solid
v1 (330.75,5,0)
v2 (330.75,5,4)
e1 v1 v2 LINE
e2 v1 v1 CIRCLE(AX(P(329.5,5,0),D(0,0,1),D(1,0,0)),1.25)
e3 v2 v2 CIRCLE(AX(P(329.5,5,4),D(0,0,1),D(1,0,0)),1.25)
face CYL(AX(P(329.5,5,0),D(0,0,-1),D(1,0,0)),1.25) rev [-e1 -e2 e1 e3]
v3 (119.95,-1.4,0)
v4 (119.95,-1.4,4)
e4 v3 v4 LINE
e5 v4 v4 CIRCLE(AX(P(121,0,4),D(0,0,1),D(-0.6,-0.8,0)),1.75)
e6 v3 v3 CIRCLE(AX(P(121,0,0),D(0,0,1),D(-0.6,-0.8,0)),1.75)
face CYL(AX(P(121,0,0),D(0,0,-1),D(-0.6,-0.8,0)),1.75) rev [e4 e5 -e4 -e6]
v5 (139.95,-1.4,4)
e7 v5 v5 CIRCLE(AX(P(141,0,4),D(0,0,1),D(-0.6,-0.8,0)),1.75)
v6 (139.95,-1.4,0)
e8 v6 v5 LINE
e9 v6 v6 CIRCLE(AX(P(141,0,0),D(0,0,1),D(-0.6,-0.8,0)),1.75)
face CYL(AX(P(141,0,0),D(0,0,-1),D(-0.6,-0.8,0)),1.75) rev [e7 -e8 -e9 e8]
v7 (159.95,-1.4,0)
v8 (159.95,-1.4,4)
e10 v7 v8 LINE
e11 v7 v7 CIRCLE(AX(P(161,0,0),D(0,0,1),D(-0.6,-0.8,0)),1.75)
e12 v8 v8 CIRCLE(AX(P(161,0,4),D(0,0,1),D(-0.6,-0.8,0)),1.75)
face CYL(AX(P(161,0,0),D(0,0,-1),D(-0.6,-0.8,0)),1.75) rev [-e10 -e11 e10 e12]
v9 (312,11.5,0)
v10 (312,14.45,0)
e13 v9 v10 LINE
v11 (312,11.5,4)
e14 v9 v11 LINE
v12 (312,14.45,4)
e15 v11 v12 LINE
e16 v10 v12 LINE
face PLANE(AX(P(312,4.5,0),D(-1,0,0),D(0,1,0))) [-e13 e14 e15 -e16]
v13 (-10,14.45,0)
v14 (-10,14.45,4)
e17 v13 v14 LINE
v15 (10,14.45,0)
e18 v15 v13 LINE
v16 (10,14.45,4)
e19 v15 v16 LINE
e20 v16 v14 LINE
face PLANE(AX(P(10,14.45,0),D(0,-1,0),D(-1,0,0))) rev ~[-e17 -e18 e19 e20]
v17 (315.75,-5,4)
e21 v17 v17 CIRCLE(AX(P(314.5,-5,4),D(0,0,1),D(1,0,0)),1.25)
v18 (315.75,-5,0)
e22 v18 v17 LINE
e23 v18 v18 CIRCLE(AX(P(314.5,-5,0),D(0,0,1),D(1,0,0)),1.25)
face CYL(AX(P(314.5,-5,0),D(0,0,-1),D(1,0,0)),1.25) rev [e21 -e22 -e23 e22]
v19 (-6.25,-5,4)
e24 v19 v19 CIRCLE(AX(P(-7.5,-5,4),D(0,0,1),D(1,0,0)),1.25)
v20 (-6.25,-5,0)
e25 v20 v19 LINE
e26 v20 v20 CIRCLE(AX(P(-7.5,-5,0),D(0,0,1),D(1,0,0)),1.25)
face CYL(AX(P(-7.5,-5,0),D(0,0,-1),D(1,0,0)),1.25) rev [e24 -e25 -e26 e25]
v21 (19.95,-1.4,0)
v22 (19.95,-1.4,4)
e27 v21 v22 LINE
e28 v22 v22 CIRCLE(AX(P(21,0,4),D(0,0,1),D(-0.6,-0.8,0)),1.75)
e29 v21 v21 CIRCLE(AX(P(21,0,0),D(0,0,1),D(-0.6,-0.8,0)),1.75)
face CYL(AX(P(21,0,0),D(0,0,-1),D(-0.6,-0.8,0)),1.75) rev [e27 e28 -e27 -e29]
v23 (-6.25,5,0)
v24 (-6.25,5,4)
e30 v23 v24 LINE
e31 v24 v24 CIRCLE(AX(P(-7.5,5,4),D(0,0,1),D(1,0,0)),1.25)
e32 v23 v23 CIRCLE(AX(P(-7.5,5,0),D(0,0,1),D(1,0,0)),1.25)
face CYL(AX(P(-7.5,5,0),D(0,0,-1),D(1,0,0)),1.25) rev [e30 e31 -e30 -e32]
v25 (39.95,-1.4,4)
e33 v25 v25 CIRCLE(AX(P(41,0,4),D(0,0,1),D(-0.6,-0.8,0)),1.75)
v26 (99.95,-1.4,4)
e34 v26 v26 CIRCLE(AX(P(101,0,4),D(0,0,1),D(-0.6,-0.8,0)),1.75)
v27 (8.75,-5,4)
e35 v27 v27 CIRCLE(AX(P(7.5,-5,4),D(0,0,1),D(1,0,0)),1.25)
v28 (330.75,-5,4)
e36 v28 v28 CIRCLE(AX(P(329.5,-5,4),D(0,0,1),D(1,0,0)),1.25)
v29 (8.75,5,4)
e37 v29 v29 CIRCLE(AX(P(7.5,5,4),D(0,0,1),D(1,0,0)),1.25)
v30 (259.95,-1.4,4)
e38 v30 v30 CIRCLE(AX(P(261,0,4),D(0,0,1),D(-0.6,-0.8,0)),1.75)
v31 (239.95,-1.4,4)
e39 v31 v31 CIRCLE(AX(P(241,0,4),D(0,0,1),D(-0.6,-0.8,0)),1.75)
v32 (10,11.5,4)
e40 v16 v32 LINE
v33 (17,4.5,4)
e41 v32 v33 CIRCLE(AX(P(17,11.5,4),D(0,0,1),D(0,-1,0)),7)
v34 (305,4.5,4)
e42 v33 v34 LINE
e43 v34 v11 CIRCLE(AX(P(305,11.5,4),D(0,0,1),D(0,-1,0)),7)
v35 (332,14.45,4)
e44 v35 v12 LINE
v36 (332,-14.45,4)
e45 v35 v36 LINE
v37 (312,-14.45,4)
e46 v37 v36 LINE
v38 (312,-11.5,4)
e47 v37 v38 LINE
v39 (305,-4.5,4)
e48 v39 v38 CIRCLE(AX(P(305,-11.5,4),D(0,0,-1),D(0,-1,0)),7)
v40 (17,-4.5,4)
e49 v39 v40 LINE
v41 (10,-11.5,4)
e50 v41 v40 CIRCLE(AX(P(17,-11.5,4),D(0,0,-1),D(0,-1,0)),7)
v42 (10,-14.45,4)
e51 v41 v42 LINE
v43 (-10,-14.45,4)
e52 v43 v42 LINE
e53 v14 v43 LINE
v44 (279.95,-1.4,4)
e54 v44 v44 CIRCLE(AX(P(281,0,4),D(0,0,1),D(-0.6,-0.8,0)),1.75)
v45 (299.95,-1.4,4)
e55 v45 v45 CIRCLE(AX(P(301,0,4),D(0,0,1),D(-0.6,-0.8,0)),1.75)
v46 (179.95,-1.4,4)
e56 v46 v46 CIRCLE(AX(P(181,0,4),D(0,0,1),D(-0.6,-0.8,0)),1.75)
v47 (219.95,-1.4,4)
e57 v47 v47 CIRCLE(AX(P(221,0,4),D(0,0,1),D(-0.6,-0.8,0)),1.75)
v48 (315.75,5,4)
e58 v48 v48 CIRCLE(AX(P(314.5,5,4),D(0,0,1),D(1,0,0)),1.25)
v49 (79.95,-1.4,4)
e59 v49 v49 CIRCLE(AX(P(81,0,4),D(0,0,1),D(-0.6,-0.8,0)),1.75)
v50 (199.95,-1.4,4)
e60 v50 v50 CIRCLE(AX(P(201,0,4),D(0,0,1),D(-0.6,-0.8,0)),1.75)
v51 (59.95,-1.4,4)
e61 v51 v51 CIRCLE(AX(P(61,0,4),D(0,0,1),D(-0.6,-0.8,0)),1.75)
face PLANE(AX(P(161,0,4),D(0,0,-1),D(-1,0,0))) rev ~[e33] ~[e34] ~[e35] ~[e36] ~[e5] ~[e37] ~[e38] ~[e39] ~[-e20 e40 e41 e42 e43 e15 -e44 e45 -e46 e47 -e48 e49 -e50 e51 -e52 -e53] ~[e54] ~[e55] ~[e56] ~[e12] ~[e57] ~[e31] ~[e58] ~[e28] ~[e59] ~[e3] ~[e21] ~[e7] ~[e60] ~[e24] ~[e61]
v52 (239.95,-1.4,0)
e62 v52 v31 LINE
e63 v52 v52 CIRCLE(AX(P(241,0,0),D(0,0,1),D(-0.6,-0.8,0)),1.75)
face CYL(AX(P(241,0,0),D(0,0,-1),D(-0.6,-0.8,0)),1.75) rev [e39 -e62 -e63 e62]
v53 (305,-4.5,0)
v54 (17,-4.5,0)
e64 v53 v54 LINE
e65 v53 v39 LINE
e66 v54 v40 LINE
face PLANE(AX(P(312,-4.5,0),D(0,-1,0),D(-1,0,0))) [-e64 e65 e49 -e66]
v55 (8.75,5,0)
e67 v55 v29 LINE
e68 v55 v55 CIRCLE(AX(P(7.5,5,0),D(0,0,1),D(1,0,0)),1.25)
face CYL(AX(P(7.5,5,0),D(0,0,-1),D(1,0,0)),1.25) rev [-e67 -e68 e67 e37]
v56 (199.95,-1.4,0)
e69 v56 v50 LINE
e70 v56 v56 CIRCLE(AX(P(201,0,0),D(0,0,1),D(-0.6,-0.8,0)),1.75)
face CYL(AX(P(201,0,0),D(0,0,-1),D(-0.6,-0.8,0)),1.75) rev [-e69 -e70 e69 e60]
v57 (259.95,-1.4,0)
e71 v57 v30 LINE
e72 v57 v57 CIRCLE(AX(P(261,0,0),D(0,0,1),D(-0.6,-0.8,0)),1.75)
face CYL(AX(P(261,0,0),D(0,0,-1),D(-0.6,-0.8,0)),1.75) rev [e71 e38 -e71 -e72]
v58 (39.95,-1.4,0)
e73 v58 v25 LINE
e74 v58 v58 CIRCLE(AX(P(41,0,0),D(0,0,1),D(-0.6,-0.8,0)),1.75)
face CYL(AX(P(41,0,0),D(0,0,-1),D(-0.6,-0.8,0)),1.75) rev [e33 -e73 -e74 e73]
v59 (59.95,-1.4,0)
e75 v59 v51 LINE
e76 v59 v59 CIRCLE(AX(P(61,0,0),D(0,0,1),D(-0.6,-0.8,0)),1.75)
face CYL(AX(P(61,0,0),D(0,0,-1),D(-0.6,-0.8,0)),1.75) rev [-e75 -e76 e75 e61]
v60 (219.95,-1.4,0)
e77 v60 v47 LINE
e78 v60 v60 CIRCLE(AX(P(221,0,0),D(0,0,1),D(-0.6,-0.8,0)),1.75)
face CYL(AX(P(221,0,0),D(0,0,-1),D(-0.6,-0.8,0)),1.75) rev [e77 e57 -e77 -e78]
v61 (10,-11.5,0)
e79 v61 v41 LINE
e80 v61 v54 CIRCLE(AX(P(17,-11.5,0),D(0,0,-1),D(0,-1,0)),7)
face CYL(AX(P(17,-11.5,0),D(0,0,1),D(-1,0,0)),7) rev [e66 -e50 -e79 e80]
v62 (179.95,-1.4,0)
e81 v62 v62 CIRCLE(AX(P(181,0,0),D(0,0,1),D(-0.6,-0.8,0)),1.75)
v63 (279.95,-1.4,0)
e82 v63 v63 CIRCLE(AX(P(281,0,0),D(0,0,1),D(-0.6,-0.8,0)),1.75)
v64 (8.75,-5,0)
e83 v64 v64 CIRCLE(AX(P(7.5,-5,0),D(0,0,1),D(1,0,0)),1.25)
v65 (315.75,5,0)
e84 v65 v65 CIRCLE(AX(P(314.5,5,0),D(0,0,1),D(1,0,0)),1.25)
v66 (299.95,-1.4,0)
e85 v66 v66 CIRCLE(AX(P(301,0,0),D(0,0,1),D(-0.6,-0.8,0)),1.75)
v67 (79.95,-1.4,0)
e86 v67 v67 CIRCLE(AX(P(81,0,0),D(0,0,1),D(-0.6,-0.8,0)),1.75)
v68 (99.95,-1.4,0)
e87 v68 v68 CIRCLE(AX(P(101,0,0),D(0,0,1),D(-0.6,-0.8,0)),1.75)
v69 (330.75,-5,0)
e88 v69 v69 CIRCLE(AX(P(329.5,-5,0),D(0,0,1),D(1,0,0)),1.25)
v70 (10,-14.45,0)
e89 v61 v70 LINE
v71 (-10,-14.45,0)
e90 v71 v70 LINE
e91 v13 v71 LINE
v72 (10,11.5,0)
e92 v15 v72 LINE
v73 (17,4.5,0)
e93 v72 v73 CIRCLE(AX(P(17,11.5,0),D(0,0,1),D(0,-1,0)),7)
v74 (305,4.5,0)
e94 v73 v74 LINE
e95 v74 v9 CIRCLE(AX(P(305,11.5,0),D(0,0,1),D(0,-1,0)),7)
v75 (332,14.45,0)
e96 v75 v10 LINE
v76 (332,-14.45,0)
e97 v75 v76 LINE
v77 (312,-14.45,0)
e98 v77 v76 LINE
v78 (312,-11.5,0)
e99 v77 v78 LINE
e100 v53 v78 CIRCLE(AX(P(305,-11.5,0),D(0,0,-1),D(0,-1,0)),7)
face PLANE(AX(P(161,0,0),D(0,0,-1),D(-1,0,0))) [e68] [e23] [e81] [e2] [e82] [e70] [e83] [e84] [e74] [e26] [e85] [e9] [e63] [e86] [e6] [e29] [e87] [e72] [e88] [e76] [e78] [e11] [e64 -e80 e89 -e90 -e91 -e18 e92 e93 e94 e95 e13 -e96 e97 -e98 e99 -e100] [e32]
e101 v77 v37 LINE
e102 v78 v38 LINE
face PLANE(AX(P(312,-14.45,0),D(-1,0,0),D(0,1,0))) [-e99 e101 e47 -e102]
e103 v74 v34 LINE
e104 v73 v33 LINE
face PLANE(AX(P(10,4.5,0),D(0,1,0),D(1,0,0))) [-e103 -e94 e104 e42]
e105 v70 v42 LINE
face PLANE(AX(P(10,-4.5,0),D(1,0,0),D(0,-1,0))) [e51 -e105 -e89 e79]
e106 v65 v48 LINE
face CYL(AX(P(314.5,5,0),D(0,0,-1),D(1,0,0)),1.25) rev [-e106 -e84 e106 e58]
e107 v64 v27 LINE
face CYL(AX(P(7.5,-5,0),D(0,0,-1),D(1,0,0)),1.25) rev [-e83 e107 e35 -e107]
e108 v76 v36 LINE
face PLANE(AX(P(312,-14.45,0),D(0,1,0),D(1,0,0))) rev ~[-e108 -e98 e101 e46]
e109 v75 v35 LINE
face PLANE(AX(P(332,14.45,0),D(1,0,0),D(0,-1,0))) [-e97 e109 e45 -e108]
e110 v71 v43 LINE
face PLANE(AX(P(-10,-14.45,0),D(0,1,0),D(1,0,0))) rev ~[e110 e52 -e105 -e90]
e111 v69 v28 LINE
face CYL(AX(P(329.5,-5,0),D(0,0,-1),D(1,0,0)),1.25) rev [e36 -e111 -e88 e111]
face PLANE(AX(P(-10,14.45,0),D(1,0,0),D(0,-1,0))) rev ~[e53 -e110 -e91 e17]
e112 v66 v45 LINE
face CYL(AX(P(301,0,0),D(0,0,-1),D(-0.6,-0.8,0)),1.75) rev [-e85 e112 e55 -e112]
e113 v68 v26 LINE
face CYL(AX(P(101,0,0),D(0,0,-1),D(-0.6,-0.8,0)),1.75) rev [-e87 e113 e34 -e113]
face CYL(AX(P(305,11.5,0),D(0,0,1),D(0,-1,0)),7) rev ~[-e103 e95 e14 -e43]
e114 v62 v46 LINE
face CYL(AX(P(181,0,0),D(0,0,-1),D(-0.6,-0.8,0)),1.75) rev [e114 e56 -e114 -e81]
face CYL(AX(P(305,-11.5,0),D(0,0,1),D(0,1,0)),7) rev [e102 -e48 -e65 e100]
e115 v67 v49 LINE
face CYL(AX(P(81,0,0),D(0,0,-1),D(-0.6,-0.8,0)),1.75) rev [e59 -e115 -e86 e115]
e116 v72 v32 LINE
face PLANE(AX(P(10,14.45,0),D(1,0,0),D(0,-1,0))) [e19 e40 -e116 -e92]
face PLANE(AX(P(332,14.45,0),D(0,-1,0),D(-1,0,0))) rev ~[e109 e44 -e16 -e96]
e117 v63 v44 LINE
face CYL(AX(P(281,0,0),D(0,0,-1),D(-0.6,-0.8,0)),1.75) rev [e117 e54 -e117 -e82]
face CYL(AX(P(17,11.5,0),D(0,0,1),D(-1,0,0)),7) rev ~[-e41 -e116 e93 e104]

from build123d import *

# Parameters (mm, degrees)
SKETCH1_R           = 1.25
BOSS_EXTRUDE1_DEPTH = 4
FILLET1_R           = 7


with BuildPart() as part:
    # Sketch1 → Boss-Extrude1 (new body)
    with BuildSketch(Plane.XY):
        Polygon((-10, 14.45), (8.795857864, 14.45), (10, 14.45), (10, 4.5), (312, 4.5), (312, 14.45), (312.21, 14.45), (330.795857864, 14.45), (332, 14.45), (332, -14.45), (331.79, -14.45), (313.204142136, -14.45), (312, -14.45), (312, -4.5), (10, -4.5), (10, -14.45), (9.79, -14.45), (-8.795857864, -14.45), (-10, -14.45), (-10, -9.45), (-10, 9.45), align=None)
        with Locations((329.5, -5)):
            Circle(SKETCH1_R, mode=Mode.SUBTRACT)
        with Locations((314.5, 5)):
            Circle(SKETCH1_R, mode=Mode.SUBTRACT)
        with Locations((314.5, -5)):
            Circle(SKETCH1_R, mode=Mode.SUBTRACT)
        with Locations((329.5, 5)):
            Circle(SKETCH1_R, mode=Mode.SUBTRACT)
        with Locations((-7.5, -5)):
            Circle(SKETCH1_R, mode=Mode.SUBTRACT)
        with Locations((-7.5, 5)):
            Circle(SKETCH1_R, mode=Mode.SUBTRACT)
        with Locations((7.5, -5)):
            Circle(SKETCH1_R, mode=Mode.SUBTRACT)
        with Locations((7.5, 5)):
            Circle(SKETCH1_R, mode=Mode.SUBTRACT)
        with BuildLine():
            ThreePointArc((22.05, -1.4), (21, 1.75), (19.95, -1.4))
            ThreePointArc((19.95, -1.4), (21, -1.75), (22.05, -1.4))
        make_face(mode=Mode.SUBTRACT)
        with BuildLine():
            ThreePointArc((42.05, -1.4), (41, 1.75), (39.95, -1.4))
            ThreePointArc((39.95, -1.4), (41, -1.75), (42.05, -1.4))
        make_face(mode=Mode.SUBTRACT)
        with BuildLine():
            ThreePointArc((62.05, -1.4), (61, 1.75), (59.95, -1.4))
            ThreePointArc((59.95, -1.4), (61, -1.75), (62.05, -1.4))
        make_face(mode=Mode.SUBTRACT)
        with BuildLine():
            ThreePointArc((82.05, -1.4), (81, 1.75), (79.95, -1.4))
            ThreePointArc((79.95, -1.4), (81, -1.75), (82.05, -1.4))
        make_face(mode=Mode.SUBTRACT)
        with BuildLine():
            ThreePointArc((102.05, -1.4), (101, 1.75), (99.95, -1.4))
            ThreePointArc((99.95, -1.4), (101, -1.75), (102.05, -1.4))
        make_face(mode=Mode.SUBTRACT)
        with BuildLine():
            ThreePointArc((122.05, -1.4), (121, 1.75), (119.95, -1.4))
            ThreePointArc((119.95, -1.4), (121, -1.75), (122.05, -1.4))
        make_face(mode=Mode.SUBTRACT)
        with BuildLine():
            ThreePointArc((142.05, -1.4), (141, 1.75), (139.95, -1.4))
            ThreePointArc((139.95, -1.4), (141, -1.75), (142.05, -1.4))
        make_face(mode=Mode.SUBTRACT)
        with BuildLine():
            ThreePointArc((162.05, -1.4), (161, 1.75), (159.95, -1.4))
            ThreePointArc((159.95, -1.4), (161, -1.75), (162.05, -1.4))
        make_face(mode=Mode.SUBTRACT)
        with BuildLine():
            ThreePointArc((182.05, -1.4), (181, 1.75), (179.95, -1.4))
            ThreePointArc((179.95, -1.4), (181, -1.75), (182.05, -1.4))
        make_face(mode=Mode.SUBTRACT)
        with BuildLine():
            ThreePointArc((202.05, -1.4), (201, 1.75), (199.95, -1.4))
            ThreePointArc((199.95, -1.4), (201, -1.75), (202.05, -1.4))
        make_face(mode=Mode.SUBTRACT)
        with BuildLine():
            ThreePointArc((222.05, -1.4), (221, 1.75), (219.95, -1.4))
            ThreePointArc((219.95, -1.4), (221, -1.75), (222.05, -1.4))
        make_face(mode=Mode.SUBTRACT)
        with BuildLine():
            ThreePointArc((242.05, -1.4), (241, 1.75), (239.95, -1.4))
            ThreePointArc((239.95, -1.4), (241, -1.75), (242.05, -1.4))
        make_face(mode=Mode.SUBTRACT)
        with BuildLine():
            ThreePointArc((262.05, -1.4), (261, 1.75), (259.95, -1.4))
            ThreePointArc((259.95, -1.4), (261, -1.75), (262.05, -1.4))
        make_face(mode=Mode.SUBTRACT)
        with BuildLine():
            ThreePointArc((282.05, -1.4), (281, 1.75), (279.95, -1.4))
            ThreePointArc((279.95, -1.4), (281, -1.75), (282.05, -1.4))
        make_face(mode=Mode.SUBTRACT)
        with BuildLine():
            ThreePointArc((302.05, -1.4), (301, 1.75), (299.95, -1.4))
            ThreePointArc((299.95, -1.4), (301, -1.75), (302.05, -1.4))
        make_face(mode=Mode.SUBTRACT)
    extrude(amount=BOSS_EXTRUDE1_DEPTH)

    # Fillet1
    fillet1_edges = [part.edges().sort_by_distance(p)[0] for p in [
        (10, 4.5, 2),
        (312, 4.5, 2),
        (312, -4.5, 2),
        (10, -4.5, 2),
    ]]
    fillet(fillet1_edges, radius=FILLET1_R)


solid = part.part
